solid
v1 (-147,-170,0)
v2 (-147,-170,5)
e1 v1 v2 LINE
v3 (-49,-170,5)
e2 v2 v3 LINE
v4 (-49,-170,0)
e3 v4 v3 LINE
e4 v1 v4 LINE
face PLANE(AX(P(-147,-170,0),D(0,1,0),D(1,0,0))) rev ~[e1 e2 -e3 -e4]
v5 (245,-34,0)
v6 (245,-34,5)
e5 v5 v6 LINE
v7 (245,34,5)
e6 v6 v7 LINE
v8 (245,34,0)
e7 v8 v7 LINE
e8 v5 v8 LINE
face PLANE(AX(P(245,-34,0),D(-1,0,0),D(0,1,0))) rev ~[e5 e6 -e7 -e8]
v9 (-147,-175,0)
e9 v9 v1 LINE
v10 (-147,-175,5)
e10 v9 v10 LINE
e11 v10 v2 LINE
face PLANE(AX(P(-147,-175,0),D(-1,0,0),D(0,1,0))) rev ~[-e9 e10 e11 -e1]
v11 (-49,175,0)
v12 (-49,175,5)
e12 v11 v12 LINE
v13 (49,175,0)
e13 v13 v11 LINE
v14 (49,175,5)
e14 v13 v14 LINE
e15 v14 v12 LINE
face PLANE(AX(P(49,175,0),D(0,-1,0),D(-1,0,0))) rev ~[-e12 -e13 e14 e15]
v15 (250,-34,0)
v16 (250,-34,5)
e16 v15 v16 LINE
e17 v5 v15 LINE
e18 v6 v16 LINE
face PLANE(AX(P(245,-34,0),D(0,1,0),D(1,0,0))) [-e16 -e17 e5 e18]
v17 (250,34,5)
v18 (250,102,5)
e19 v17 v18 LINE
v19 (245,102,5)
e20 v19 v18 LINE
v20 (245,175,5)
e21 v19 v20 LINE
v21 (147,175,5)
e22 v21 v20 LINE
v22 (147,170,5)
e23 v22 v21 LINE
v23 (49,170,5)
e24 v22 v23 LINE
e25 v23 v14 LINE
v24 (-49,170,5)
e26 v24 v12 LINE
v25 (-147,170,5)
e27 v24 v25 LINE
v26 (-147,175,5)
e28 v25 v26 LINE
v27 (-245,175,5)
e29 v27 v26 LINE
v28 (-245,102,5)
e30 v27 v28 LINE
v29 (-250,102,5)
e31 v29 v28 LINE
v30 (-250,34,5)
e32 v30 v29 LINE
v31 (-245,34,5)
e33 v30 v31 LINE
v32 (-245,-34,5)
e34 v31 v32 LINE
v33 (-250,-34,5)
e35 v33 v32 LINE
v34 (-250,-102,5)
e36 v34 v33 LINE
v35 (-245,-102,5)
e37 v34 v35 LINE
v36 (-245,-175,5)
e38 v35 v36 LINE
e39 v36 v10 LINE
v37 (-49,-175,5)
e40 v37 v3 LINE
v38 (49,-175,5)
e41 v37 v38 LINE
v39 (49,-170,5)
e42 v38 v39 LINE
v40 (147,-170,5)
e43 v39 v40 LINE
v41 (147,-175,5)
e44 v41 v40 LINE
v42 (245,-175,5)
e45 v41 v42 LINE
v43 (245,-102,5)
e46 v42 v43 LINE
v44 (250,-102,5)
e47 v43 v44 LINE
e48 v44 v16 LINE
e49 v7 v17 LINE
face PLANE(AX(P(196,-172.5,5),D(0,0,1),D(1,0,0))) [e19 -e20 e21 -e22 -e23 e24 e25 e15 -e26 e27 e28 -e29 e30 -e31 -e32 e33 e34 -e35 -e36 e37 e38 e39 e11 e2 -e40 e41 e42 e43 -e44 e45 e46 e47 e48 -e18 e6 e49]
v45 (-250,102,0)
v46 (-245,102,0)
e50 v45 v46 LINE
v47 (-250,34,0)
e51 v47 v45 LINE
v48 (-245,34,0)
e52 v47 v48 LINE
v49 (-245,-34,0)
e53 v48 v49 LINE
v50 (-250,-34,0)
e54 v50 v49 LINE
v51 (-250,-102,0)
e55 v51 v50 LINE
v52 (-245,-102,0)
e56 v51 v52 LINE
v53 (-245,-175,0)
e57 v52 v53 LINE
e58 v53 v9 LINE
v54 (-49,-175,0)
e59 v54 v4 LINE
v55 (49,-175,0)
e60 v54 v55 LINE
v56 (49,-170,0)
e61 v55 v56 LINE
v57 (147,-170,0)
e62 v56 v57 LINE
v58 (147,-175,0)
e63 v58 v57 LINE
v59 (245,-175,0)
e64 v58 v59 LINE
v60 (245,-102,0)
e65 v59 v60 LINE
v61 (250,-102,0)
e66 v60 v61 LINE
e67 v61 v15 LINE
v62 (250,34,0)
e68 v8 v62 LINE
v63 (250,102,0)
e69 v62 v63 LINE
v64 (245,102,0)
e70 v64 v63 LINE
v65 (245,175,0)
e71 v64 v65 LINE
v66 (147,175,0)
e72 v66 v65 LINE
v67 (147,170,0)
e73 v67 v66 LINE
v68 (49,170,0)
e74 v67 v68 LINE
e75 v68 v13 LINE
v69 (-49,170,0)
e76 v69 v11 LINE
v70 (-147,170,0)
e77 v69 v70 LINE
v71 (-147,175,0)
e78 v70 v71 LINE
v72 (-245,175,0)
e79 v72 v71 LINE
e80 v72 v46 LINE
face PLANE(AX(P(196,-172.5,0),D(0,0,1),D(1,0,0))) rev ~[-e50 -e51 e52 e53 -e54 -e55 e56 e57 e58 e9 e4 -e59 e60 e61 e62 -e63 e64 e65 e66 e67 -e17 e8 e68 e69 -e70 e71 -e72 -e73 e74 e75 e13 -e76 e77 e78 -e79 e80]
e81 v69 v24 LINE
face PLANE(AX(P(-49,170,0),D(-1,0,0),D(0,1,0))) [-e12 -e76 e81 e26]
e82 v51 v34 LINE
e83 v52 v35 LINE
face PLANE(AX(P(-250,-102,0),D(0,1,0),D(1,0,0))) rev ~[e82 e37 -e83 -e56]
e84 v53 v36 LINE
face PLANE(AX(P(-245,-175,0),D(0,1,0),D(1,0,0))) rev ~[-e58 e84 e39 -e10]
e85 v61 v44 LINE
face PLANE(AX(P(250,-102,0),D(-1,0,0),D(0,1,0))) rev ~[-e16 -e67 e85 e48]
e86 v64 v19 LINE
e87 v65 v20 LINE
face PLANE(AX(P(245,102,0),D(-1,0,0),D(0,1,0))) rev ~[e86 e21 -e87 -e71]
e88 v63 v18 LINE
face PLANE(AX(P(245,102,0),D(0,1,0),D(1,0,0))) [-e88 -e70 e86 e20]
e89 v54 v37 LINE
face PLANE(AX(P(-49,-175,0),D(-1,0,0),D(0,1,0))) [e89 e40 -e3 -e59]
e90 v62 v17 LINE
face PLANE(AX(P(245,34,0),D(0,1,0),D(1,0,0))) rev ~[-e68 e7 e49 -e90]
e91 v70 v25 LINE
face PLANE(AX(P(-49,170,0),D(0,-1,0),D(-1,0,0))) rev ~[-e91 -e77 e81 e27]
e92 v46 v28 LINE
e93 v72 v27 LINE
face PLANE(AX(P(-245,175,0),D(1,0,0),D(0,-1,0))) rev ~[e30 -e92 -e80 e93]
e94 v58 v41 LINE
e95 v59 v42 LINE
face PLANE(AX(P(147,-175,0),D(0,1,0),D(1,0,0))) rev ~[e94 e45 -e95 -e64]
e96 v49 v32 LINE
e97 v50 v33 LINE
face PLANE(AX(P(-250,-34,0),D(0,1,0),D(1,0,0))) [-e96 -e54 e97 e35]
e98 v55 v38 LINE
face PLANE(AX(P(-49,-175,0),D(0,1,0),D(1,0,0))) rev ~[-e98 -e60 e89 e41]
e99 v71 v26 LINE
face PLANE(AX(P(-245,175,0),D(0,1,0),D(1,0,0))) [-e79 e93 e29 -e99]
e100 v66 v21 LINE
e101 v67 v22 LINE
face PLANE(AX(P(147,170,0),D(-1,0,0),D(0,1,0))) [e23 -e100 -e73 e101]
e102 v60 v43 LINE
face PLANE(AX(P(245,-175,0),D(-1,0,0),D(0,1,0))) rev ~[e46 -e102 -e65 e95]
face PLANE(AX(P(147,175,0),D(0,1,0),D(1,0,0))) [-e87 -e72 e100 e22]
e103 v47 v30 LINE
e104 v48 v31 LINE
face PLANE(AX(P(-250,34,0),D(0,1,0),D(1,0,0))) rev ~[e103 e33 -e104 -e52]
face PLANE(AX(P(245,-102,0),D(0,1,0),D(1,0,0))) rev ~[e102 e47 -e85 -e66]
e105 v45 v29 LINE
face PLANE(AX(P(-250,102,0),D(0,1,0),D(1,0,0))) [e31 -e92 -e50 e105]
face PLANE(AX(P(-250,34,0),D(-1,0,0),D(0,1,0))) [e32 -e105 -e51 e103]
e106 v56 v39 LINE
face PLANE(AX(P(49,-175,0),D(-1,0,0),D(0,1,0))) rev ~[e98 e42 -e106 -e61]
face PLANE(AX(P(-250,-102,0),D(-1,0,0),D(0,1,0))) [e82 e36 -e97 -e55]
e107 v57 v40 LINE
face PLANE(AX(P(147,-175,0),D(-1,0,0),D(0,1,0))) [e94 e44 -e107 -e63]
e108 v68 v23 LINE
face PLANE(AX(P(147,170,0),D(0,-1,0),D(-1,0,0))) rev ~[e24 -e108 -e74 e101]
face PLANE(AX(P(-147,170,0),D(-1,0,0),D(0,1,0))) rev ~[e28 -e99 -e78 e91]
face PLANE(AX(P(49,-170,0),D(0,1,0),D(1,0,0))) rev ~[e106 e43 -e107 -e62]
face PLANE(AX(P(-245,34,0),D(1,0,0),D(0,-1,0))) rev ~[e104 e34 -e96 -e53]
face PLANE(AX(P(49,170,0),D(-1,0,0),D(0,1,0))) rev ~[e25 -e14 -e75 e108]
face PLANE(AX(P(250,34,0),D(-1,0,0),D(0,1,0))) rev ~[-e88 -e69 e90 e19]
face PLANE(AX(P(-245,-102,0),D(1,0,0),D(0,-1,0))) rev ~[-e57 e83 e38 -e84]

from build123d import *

# Parameters (mm, degrees)
F0_W     = 98
F0_H     = 5
F0_W_2   = 5
F0_H_2   = 68
F0_W_3   = 49
F1_DEPTH = 5


with BuildPart() as f1:
    # F0 (on Top) → F1 (new body)
    with BuildSketch(Plane.XY):
        with Locations((196, -172.5)):
            Rectangle(F0_W, F0_H)
        Polygon((147, -170), (245, -170), (245, -102), (245, -34), (245, 0), (0, 0), (0, -170), (49, -170), align=None)
        with Locations((247.5, -68)):
            Rectangle(F0_W_2, F0_H_2)
        with Locations((24.5, -172.5)):
            Rectangle(F0_W_3, F0_H)
        with Locations((-24.5, -172.5)):
            Rectangle(F0_W_3, F0_H)
        Polygon((-49, -170), (0, -170), (0, 0), (-245, 0), (-245, -34), (-245, -102), (-245, -170), (-147, -170), align=None)
        Polygon((0, 0), (245, 0), (245, 34), (245, 102), (245, 170), (147, 170), (49, 170), (0, 170), align=None)
        Polygon((-245, 0), (0, 0), (0, 170), (-49, 170), (-147, 170), (-245, 170), (-245, 102), (-245, 34), align=None)
        with Locations((247.5, 68)):
            Rectangle(F0_W_2, F0_H_2)
        with Locations((-196, -172.5)):
            Rectangle(F0_W, F0_H)
        with Locations((24.5, 172.5)):
            Rectangle(F0_W_3, F0_H)
        with Locations((-24.5, 172.5)):
            Rectangle(F0_W_3, F0_H)
        with Locations((-247.5, -68)):
            Rectangle(F0_W_2, F0_H_2)
        with Locations((-247.5, 68)):
            Rectangle(F0_W_2, F0_H_2)
        with Locations((196, 172.5)):
            Rectangle(F0_W, F0_H)
        with Locations((-196, 172.5)):
            Rectangle(F0_W, F0_H)
    extrude(amount=F1_DEPTH)


solid = f1.part
